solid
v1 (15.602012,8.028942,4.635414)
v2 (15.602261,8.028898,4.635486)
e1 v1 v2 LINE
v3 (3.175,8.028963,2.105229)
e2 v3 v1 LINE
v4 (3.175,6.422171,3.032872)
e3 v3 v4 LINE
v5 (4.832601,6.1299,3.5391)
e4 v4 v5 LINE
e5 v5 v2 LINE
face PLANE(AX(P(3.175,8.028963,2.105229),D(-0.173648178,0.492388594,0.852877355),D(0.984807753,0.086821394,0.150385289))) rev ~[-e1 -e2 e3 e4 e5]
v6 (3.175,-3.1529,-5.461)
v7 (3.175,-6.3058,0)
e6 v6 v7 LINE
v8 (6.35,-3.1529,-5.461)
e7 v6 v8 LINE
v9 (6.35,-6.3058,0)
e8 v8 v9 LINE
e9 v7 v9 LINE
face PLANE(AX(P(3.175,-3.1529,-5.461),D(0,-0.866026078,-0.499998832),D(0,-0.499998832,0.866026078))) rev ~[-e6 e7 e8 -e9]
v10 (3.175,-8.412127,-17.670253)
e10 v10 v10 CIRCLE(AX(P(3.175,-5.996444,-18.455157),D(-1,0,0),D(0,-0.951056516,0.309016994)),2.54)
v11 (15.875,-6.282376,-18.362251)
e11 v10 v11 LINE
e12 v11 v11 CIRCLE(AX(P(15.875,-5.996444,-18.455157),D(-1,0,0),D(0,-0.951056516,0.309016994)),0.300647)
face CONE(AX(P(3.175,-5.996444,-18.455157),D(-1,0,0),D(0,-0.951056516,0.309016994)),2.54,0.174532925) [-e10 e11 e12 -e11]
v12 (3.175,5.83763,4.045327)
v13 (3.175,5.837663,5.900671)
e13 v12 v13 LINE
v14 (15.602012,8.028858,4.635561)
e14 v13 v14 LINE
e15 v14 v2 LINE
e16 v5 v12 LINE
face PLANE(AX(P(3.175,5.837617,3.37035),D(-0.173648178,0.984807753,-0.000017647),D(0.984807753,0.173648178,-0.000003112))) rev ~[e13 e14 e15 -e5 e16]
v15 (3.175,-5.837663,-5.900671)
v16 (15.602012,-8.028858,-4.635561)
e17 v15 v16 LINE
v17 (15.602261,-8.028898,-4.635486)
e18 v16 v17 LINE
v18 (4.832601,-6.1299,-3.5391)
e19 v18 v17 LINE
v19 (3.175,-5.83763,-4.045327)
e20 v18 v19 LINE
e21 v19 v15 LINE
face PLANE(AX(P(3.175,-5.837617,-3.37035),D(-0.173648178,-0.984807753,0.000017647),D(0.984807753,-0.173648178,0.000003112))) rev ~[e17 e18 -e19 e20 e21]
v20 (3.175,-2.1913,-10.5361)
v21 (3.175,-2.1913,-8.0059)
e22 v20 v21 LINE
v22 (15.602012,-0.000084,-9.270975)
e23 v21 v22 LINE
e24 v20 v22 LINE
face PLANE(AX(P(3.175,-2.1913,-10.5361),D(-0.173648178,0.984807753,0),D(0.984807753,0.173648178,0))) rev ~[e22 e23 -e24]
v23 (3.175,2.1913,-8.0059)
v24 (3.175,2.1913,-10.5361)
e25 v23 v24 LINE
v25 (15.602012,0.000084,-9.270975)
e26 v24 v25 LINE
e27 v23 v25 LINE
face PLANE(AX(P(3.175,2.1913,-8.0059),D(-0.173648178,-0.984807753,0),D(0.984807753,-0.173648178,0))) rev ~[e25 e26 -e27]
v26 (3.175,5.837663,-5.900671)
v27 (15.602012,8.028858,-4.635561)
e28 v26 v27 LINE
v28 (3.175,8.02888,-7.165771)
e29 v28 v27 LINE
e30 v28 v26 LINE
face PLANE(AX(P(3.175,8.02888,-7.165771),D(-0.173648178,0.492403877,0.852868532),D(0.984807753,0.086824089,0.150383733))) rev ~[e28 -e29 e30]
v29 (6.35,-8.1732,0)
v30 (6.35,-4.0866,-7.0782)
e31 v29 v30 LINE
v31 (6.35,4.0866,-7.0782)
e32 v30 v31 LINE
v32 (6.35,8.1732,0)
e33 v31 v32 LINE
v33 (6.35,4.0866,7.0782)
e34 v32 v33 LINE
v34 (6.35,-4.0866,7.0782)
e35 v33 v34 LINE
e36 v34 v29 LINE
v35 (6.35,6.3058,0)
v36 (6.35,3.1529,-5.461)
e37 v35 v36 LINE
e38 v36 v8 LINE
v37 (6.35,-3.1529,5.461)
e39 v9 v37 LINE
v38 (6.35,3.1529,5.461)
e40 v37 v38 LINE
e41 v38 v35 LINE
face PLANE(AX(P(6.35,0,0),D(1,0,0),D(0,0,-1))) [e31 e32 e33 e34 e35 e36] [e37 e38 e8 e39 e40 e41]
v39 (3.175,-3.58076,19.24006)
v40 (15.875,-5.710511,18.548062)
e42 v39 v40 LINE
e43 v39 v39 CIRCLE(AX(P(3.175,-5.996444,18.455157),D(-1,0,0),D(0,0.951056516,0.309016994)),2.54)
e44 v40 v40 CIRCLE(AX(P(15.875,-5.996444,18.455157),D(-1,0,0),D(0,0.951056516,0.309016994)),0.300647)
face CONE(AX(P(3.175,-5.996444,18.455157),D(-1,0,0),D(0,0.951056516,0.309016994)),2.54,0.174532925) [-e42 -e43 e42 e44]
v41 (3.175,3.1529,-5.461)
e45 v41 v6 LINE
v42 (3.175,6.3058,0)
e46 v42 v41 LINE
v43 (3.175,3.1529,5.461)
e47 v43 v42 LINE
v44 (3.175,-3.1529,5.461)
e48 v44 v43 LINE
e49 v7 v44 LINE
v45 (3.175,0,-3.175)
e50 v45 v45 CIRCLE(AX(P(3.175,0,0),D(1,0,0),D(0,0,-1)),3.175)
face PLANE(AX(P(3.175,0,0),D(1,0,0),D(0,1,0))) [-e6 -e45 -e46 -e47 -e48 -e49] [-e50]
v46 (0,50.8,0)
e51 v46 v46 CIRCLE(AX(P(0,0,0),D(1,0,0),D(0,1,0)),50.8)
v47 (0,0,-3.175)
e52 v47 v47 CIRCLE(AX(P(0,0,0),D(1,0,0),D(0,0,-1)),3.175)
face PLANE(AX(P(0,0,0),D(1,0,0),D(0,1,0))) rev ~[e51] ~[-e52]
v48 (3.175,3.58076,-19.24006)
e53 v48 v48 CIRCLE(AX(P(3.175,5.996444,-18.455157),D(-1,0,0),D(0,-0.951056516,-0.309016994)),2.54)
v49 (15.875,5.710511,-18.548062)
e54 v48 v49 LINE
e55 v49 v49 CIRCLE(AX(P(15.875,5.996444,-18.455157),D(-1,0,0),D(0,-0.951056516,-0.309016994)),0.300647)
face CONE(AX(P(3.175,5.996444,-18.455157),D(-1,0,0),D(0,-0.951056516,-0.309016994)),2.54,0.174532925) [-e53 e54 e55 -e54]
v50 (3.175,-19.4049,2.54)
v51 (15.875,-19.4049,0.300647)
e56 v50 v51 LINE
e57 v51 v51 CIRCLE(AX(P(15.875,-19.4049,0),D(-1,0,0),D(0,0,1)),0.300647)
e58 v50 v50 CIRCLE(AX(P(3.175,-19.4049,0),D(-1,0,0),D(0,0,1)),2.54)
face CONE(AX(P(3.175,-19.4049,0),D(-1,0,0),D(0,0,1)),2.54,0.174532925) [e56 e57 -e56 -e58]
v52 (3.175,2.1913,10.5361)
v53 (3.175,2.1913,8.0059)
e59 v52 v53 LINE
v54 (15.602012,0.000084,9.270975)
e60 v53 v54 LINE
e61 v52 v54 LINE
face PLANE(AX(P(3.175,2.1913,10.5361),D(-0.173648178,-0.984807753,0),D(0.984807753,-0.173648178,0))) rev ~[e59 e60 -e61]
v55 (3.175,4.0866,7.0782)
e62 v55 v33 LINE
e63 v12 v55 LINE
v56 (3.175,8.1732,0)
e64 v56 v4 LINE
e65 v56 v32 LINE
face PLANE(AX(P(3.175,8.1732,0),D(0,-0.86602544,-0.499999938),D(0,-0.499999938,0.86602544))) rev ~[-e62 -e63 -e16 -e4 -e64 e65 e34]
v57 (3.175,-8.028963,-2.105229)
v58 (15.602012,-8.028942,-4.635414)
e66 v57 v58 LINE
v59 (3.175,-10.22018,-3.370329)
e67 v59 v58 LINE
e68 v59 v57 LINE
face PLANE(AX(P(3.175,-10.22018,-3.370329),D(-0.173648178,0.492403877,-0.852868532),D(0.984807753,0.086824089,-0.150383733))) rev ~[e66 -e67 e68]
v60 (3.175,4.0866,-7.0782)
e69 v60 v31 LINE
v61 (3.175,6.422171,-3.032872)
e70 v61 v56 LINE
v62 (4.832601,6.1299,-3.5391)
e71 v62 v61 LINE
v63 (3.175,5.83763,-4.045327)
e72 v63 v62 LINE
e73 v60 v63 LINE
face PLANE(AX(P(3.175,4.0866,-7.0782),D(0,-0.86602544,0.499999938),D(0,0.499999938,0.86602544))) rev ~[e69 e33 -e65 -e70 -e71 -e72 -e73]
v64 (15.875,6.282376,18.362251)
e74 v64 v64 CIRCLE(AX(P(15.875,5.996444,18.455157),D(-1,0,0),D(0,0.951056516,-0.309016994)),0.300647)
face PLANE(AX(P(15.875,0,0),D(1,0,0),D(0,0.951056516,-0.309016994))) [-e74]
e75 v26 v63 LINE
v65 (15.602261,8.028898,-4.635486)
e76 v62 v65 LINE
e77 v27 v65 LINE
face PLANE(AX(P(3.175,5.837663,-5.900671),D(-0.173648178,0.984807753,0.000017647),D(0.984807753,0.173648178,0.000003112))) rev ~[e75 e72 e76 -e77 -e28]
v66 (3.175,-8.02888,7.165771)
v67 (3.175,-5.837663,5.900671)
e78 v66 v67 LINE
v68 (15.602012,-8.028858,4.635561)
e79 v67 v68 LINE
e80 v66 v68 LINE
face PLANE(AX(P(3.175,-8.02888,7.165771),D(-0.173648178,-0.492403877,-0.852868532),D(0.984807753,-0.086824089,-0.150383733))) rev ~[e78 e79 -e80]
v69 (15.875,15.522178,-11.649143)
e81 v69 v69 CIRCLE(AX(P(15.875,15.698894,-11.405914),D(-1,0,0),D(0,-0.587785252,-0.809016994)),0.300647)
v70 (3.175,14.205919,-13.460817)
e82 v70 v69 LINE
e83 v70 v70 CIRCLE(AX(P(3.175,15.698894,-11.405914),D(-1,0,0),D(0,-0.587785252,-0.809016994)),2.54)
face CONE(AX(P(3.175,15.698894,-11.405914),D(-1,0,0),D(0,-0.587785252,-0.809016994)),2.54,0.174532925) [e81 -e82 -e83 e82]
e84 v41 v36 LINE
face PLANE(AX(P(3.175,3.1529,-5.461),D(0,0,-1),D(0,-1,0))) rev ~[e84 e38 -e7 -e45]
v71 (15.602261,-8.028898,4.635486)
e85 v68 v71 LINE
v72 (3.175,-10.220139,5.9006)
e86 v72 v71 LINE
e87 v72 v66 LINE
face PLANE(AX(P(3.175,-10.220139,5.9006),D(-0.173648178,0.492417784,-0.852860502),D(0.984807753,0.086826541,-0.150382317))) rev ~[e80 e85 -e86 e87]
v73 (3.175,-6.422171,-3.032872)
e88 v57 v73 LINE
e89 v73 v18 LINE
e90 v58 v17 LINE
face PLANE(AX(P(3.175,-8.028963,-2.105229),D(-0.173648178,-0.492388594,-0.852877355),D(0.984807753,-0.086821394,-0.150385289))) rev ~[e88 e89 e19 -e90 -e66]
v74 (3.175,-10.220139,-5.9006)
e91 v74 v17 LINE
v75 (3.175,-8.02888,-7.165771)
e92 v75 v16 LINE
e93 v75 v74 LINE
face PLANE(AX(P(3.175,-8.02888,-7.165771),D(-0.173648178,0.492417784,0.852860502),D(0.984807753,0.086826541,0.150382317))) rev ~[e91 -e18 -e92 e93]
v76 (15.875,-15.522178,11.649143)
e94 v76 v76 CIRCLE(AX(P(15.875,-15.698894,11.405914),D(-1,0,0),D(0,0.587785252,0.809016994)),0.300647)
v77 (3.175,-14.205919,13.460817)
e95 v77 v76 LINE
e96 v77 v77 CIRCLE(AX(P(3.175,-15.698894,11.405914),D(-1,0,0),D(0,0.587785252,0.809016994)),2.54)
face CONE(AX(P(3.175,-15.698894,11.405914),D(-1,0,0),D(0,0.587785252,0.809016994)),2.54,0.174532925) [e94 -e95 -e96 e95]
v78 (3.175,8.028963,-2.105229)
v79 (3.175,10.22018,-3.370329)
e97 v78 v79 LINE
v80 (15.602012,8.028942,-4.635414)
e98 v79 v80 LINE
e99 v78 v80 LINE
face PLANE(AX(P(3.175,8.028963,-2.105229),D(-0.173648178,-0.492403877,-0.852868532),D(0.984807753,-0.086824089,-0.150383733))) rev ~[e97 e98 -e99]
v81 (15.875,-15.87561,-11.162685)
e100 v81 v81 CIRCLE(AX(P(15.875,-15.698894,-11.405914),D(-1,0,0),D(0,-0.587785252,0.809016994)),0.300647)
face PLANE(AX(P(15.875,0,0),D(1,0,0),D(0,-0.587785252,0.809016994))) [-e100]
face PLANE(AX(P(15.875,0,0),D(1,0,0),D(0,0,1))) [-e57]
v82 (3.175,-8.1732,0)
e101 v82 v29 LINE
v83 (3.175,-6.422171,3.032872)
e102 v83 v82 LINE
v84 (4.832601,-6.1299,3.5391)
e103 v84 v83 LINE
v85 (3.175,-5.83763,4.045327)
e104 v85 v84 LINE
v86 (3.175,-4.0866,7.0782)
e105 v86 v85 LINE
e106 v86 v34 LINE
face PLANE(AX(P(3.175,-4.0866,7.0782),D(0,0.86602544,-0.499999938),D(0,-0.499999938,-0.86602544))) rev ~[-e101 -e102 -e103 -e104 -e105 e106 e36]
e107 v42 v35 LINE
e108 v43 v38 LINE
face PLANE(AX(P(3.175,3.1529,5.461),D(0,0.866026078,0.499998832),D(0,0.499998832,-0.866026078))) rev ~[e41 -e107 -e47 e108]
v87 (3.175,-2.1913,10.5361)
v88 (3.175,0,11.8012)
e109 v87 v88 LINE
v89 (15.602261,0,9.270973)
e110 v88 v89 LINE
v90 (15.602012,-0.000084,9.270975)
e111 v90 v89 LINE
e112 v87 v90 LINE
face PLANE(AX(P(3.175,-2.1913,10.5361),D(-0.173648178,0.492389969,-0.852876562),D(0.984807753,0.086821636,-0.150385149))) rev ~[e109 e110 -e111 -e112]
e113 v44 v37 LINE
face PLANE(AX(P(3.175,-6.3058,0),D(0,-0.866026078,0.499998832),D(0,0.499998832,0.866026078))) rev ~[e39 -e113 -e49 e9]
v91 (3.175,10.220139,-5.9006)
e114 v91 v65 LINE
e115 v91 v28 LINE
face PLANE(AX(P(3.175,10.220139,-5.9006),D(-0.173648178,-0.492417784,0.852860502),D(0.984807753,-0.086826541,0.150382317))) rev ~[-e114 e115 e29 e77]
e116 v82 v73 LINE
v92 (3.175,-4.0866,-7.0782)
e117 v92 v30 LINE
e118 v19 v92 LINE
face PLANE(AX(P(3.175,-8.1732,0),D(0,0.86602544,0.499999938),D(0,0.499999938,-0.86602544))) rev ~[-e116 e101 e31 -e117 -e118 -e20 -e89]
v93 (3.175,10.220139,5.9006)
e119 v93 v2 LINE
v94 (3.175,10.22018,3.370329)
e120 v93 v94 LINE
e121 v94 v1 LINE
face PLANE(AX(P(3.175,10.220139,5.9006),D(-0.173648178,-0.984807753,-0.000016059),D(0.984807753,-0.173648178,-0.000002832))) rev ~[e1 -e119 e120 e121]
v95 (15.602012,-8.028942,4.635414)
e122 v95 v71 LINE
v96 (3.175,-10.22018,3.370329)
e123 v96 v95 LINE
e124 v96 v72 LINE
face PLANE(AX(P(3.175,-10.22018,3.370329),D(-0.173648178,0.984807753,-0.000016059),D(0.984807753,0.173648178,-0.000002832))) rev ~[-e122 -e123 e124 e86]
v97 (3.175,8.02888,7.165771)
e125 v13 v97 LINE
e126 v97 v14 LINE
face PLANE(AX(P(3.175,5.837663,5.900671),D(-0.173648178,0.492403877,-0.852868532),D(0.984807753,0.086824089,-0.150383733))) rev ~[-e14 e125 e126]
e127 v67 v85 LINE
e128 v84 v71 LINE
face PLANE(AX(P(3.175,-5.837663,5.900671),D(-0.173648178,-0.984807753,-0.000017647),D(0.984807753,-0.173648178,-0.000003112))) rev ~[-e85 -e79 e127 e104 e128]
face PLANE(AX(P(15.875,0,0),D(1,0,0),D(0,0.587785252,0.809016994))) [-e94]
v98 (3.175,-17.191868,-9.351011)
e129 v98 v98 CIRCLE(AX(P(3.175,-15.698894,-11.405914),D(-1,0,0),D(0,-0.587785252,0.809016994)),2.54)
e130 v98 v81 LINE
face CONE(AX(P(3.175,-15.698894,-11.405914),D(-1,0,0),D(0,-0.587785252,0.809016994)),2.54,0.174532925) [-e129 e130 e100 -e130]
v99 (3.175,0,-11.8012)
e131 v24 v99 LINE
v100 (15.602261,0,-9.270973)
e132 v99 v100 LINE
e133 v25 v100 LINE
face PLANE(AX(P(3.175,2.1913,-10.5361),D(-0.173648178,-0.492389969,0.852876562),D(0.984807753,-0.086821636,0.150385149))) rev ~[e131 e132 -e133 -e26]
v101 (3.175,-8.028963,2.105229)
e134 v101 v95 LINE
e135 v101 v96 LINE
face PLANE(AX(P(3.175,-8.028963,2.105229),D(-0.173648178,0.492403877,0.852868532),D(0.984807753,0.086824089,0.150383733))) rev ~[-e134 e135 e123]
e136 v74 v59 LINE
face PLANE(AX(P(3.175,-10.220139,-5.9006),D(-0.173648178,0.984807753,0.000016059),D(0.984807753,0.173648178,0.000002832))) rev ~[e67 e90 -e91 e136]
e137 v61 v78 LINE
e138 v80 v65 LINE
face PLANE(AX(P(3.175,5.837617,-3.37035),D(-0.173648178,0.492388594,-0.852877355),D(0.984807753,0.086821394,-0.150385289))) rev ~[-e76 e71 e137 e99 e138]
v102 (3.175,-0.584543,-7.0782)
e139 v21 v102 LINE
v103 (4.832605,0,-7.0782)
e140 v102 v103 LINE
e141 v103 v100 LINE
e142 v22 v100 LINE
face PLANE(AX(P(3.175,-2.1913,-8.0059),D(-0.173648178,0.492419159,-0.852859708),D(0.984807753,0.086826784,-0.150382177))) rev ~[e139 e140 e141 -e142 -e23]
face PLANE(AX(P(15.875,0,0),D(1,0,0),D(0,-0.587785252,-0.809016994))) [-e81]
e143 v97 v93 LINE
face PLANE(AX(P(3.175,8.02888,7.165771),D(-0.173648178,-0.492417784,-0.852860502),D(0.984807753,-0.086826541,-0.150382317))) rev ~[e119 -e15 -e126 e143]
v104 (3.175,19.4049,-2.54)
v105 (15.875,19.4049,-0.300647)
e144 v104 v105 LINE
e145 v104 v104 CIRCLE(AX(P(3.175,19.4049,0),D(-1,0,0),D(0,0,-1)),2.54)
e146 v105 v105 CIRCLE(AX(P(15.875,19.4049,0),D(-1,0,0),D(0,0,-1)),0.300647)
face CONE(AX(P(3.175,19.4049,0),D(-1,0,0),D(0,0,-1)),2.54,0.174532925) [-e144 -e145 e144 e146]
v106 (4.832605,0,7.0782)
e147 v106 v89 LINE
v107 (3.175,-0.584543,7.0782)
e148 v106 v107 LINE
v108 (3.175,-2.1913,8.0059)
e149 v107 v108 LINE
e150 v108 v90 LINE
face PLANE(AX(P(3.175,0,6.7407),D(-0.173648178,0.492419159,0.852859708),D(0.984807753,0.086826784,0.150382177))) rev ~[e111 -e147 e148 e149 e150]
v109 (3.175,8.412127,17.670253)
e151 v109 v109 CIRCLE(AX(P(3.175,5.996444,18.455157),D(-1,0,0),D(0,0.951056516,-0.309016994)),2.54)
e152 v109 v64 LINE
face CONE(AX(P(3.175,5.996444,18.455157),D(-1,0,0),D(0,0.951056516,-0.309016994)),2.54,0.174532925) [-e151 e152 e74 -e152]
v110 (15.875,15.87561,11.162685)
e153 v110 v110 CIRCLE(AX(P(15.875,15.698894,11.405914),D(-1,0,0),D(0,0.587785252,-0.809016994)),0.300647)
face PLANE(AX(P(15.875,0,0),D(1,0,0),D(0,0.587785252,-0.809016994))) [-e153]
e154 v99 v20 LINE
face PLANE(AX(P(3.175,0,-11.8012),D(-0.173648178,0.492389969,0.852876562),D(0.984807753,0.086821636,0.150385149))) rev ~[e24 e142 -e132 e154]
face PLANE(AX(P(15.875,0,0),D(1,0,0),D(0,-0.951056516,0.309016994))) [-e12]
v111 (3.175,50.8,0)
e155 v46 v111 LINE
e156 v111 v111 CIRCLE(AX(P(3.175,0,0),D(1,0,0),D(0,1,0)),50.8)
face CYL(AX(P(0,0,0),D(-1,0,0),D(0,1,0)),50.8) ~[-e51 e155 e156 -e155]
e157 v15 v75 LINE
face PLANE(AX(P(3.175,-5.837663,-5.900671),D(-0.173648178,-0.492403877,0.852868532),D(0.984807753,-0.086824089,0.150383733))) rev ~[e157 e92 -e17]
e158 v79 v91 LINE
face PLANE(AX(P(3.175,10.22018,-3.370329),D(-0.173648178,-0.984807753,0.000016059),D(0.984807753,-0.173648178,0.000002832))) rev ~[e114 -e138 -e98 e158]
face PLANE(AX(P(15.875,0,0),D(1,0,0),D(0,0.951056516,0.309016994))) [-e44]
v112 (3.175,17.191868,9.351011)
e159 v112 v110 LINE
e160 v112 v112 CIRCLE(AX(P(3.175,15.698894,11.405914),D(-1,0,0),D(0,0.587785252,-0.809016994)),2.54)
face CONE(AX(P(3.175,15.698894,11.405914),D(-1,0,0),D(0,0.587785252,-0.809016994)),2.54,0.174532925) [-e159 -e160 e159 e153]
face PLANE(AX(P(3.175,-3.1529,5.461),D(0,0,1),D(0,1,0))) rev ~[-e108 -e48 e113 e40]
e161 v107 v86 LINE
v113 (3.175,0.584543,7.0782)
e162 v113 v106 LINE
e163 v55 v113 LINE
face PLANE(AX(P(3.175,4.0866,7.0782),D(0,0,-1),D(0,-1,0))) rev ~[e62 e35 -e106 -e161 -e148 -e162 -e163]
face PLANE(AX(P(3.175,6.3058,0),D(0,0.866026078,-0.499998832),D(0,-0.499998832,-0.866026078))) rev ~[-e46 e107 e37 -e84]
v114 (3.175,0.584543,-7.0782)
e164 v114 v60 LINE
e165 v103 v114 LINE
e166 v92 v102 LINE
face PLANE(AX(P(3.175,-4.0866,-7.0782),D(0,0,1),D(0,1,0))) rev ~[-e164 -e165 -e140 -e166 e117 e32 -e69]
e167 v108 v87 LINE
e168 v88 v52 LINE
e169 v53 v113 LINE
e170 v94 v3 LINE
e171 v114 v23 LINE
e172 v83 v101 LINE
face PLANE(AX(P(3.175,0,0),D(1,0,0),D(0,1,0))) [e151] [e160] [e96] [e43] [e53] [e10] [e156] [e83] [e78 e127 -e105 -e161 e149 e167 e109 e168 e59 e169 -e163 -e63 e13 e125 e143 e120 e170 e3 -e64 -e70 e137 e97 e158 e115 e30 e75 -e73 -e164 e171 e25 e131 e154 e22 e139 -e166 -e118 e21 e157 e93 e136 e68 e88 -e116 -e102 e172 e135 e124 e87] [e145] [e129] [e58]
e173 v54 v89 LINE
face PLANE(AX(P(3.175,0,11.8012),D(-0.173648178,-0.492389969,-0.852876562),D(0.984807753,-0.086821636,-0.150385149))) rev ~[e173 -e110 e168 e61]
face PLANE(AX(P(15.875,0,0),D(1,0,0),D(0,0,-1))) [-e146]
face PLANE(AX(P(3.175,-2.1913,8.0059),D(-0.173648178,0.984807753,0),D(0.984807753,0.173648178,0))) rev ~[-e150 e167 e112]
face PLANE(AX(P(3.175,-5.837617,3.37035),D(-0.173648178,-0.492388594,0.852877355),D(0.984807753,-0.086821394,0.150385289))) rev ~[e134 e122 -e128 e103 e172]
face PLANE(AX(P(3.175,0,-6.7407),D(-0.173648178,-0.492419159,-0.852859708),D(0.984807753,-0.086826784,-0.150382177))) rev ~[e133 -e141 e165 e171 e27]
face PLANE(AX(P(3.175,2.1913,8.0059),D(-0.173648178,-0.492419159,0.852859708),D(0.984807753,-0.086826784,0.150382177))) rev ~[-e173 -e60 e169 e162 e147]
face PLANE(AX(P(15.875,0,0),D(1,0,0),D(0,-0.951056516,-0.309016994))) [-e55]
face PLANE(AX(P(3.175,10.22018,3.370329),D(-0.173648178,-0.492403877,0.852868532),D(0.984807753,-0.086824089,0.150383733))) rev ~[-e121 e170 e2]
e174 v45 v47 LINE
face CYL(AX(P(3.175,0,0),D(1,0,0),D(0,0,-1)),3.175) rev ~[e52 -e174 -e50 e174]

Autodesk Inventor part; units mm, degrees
ref_plane "YZ Plane" through (0, 0, 0) normal (1, 0, 0) x (0, 1, 0)
ref_plane "XZ Plane" through (0, 0, 0) normal (0, 1, 0) x (-1, 0, 0)
ref_plane "XY Plane" through (0, 0, 0) normal (0, 0, 1) x (1, 0, 0)
sketch "Sketch1" plane through (0, 0, 0) normal (1, 0, 0) x (0, 1, 0)
  circle A0 centre (0, 0) radius 50.8
  dimension "d0" = 101.6
extrude "Extrusion1" add sketch "Sketch1" along normal blind 3.175
sketch "Sketch2" plane through (3.175, 0, 0) normal (1, 0, 0) x (0, 0, -1)
  circle A0 centre (0, 19.4049) radius 2.54
  point P0 (0, 0)
  dimension "d3" = 5.08
extrude "Extrusion2" add sketch "Sketch2" along normal blind 12.7 draft -10
pattern_circular "Circular Pattern1" count 10 over 360 about axis through (0, 0, 0) along (1, 0, 0) of "Extrusion2"
sketch "Sketch3" plane through (3.175, 0, 0) normal (1, 0, 0) x (0, 0, -1)
  line L0 (6.7407, 0) -> (8.0059, 2.1913)
  line L1 (8.0059, 2.1913) -> (10.5361, 2.1913)
  line L2 (10.5361, 2.1913) -> (11.8012, 0)
  line L3 (11.8012, 0) -> (10.5361, -2.1913)
  line L4 (10.5361, -2.1913) -> (8.0059, -2.1913)
  line L5 (8.0059, -2.1913) -> (6.7407, 0)
  point P0 (0, 0)
  point P1 (9.271, 0)
extrude "Extrusion3" add sketch "Sketch3" along normal blind 12.7 draft -10
pattern_circular "Circular Pattern2" count 6 over 360 about axis through (0, 0, 0) along (1, 0, 0) of "Extrusion3"
sketch "Sketch4" plane through (3.175, 0, 0) normal (1, 0, 0) x (0, 0, -1)
  line L0 (-5.461, 3.1529) -> (0, 6.3058)
  line L1 (0, 6.3058) -> (5.461, 3.1529)
  line L2 (5.461, 3.1529) -> (5.461, -3.1529)
  line L3 (5.461, -3.1529) -> (0, -6.3058)
  line L4 (0, -6.3058) -> (-5.461, -3.1529)
  line L5 (-5.461, -3.1529) -> (-5.461, 3.1529)
  line L6 (-7.0782, -4.0866) -> (0, -8.1732)
  line L7 (0, -8.1732) -> (7.0782, -4.0866)
  line L8 (7.0782, -4.0866) -> (7.0782, 4.0866)
  line L9 (7.0782, 4.0866) -> (0, 8.1732)
  line L10 (0, 8.1732) -> (-7.0782, 4.0866)
  line L11 (-7.0782, 4.0866) -> (-7.0782, -4.0866)
  point P0 (0, 0)
  point P1 (0, 0)
  dimension "d14" = 10.922
extrude "Extrusion4" add sketch "Sketch4" along normal blind 3.175
sketch "Sketch5" plane through (3.175, 0, 0) normal (1, 0, 0) x (0, 0, -1)
  circle A0 centre (0, 0) radius 3.175
  dimension "d17" = 6.35
extrude "Extrusion5" cut sketch "Sketch5" against normal through all
properties part number "foam gripper"
